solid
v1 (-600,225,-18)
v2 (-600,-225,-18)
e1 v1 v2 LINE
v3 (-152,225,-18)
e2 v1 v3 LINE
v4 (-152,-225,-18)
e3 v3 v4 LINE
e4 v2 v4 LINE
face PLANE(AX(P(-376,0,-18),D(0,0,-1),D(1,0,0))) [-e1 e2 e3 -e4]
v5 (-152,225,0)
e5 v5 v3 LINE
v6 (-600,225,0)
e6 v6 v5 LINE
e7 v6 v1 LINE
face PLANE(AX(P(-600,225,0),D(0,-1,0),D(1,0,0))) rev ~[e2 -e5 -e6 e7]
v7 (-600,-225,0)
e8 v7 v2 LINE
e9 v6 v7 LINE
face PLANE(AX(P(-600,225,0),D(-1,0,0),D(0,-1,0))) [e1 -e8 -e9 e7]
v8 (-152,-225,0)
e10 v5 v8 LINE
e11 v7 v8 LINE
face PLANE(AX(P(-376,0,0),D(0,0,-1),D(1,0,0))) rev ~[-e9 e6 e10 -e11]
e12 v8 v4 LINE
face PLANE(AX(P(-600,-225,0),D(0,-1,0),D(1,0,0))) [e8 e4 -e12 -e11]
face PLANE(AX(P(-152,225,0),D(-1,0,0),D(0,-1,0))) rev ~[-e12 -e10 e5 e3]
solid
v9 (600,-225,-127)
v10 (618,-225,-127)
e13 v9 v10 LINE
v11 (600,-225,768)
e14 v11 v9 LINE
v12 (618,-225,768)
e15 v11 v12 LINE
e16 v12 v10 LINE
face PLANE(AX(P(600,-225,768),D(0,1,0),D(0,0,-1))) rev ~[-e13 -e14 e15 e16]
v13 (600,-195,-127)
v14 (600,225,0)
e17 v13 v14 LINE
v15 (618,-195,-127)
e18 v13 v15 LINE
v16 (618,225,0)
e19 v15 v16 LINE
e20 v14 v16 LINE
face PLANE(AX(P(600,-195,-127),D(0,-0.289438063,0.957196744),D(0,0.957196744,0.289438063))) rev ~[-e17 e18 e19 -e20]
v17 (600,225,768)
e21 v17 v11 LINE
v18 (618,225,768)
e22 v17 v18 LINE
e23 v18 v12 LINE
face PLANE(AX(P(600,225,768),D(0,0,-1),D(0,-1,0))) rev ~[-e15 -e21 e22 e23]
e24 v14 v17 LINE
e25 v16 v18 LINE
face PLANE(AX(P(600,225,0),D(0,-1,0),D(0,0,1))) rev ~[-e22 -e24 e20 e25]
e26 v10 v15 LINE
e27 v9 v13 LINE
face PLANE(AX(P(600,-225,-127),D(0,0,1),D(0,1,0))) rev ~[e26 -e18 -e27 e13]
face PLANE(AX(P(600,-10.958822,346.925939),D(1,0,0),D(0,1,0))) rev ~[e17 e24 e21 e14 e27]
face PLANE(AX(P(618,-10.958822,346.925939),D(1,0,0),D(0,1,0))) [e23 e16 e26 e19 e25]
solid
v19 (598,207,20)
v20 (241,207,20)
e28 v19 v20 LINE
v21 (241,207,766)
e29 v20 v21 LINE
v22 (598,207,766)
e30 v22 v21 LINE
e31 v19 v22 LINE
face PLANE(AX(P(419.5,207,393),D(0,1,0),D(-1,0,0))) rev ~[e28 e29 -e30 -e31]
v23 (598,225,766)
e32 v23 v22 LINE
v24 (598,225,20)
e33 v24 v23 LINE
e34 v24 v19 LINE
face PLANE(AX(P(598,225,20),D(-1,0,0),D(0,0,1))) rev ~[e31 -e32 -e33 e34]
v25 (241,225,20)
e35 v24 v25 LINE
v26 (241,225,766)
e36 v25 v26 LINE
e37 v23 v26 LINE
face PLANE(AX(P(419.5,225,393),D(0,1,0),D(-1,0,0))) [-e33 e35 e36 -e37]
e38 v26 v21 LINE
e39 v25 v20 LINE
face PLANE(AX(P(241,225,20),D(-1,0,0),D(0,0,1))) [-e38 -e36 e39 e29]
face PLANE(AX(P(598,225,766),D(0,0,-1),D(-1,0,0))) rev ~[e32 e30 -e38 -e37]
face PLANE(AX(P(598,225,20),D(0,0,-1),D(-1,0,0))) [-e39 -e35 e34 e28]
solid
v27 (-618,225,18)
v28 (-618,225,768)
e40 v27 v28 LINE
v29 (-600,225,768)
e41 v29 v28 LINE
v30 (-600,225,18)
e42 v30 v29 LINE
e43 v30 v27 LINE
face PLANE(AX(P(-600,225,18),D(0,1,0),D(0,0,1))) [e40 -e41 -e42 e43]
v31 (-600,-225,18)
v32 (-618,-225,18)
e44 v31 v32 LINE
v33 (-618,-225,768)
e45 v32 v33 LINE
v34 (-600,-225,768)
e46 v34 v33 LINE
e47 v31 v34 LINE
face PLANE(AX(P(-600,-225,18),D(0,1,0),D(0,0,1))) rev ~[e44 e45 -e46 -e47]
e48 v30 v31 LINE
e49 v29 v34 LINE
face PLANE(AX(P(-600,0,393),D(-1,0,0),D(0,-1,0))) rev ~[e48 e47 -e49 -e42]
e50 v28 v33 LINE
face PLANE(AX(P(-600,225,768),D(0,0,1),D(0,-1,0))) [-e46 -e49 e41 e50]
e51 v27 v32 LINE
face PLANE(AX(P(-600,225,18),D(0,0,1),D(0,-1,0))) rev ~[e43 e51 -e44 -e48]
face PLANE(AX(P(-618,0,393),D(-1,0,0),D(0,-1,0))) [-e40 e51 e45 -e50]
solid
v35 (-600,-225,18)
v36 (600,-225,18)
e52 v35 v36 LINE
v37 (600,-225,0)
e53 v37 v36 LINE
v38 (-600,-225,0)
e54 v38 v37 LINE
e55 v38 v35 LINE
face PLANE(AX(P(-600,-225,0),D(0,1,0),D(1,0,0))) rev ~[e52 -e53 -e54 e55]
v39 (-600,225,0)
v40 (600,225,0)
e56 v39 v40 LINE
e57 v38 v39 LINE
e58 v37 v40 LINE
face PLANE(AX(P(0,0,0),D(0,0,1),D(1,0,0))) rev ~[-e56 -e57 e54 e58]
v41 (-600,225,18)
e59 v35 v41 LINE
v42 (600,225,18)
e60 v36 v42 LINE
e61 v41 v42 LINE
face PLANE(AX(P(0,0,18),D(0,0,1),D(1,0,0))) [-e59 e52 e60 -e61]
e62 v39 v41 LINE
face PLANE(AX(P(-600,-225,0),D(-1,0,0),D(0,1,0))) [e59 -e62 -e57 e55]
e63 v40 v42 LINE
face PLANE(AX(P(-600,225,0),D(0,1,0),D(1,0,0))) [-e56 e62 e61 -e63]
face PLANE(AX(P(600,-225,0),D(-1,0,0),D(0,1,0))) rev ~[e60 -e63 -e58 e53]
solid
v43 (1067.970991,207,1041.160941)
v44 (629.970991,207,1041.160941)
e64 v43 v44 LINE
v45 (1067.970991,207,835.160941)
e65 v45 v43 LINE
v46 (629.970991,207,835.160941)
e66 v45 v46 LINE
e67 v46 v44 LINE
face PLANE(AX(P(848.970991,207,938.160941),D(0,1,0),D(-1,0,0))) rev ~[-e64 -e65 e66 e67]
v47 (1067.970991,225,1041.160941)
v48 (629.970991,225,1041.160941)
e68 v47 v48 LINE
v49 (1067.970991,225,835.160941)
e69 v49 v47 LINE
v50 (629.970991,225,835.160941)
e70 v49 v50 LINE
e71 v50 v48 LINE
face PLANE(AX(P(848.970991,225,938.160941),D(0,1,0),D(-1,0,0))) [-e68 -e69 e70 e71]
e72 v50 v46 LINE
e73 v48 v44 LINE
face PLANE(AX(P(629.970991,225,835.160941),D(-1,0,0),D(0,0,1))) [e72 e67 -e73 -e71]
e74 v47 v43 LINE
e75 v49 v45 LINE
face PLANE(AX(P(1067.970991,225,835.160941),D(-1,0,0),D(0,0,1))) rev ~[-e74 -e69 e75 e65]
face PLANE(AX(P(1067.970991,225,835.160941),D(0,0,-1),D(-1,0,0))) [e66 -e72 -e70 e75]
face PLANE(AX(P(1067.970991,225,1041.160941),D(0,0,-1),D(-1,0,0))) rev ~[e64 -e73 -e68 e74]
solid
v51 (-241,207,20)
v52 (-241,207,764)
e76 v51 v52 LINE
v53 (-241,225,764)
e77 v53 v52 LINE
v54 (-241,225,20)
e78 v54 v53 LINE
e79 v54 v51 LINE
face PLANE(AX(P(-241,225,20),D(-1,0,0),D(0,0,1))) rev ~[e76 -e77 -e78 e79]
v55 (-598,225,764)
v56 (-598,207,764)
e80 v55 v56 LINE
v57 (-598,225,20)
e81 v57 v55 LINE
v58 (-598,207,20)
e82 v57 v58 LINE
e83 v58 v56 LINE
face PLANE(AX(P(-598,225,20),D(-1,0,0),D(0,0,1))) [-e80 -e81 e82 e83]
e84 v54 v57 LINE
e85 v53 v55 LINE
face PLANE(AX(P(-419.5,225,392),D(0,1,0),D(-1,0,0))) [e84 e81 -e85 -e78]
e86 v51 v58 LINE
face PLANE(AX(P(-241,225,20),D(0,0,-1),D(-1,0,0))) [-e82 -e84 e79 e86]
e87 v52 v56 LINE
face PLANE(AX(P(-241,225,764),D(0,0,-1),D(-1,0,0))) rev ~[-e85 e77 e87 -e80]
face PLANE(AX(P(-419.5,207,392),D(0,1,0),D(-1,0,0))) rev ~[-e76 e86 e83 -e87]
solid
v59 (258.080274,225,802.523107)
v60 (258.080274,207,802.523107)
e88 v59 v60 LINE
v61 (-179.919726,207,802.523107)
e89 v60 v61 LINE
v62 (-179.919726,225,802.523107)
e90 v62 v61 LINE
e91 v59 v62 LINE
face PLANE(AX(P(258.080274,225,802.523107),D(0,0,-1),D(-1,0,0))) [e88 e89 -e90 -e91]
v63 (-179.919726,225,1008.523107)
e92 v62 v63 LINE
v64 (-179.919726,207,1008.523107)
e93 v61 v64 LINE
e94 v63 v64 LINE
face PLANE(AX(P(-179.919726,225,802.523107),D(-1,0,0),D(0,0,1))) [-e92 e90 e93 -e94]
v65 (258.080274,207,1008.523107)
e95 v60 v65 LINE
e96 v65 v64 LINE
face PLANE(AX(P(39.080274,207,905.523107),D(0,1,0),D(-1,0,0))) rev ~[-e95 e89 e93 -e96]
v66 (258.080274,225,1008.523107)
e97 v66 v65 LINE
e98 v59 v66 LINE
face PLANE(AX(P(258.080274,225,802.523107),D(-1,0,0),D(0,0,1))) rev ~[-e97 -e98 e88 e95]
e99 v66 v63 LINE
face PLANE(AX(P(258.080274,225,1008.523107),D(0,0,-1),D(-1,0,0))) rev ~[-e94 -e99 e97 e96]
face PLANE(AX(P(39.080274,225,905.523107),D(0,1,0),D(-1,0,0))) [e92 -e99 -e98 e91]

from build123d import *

# Parameters (mm, degrees)
F0_W     = 1200
F0_H     = 450
F1_DEPTH = 18
F2_W     = 357
F2_H     = 746
F2_H_2   = 744
F2_W_2   = 438
F2_H_3   = 206
F3_DEPTH = 18
F5_DEPTH = 18
F6_W     = 450
F6_H     = 750
F7_DEPTH = 18
F8_W     = 448
F8_H     = 450
F9_DEPTH = 18


with BuildPart() as f1:
    # F0 (on Top) → F1 (new body)
    with BuildSketch(Plane.XY):
        Rectangle(F0_W, F0_H)
    extrude(amount=F1_DEPTH)


with BuildPart() as f3:
    # F2 (on face) → F3 (new body)
    with BuildSketch(Plane(origin=(0, 225, 0), x_dir=(-1, 0, 0), z_dir=(0, 1, 0))):
        with Locations((-419.5, 393)):
            Rectangle(F2_W, F2_H)
        with Locations((419.5, 392)):
            Rectangle(F2_W, F2_H_2)
        with Locations((-848.970991, 938.160941)):
            Rectangle(F2_W_2, F2_H_3)
        with Locations((-39.080274, 905.523107)):
            Rectangle(F2_W_2, F2_H_3)
    extrude(amount=-F3_DEPTH)


with BuildPart() as f5:
    # F4 (on face) → F5 (new body)
    with BuildSketch(Plane.YZ.offset(600)):
        Polygon((-225, 768), (-225, -127), (-195, -127), (225, 0), (225, 768), align=None)
    extrude(amount=F5_DEPTH)


with BuildPart() as f7:
    # F6 (on face) → F7 (new body)
    with BuildSketch(Plane(origin=(-600, 0, 0), x_dir=(0, -1, 0), z_dir=(-1, 0, 0))):
        with Locations((0, 393)):
            Rectangle(F6_W, F6_H)
    extrude(amount=F7_DEPTH)


with BuildPart() as f9:
    # F8 (on face) → F9 (new body)
    with BuildSketch(Plane(origin=(0, 0, 0), x_dir=(1, 0, 0), z_dir=(0, 0, -1))):
        with Locations((-376, 0)):
            Rectangle(F8_W, F8_H)
    extrude(amount=F9_DEPTH)


solid = Compound([f1.part, f3.part, f5.part, f7.part, f9.part])
